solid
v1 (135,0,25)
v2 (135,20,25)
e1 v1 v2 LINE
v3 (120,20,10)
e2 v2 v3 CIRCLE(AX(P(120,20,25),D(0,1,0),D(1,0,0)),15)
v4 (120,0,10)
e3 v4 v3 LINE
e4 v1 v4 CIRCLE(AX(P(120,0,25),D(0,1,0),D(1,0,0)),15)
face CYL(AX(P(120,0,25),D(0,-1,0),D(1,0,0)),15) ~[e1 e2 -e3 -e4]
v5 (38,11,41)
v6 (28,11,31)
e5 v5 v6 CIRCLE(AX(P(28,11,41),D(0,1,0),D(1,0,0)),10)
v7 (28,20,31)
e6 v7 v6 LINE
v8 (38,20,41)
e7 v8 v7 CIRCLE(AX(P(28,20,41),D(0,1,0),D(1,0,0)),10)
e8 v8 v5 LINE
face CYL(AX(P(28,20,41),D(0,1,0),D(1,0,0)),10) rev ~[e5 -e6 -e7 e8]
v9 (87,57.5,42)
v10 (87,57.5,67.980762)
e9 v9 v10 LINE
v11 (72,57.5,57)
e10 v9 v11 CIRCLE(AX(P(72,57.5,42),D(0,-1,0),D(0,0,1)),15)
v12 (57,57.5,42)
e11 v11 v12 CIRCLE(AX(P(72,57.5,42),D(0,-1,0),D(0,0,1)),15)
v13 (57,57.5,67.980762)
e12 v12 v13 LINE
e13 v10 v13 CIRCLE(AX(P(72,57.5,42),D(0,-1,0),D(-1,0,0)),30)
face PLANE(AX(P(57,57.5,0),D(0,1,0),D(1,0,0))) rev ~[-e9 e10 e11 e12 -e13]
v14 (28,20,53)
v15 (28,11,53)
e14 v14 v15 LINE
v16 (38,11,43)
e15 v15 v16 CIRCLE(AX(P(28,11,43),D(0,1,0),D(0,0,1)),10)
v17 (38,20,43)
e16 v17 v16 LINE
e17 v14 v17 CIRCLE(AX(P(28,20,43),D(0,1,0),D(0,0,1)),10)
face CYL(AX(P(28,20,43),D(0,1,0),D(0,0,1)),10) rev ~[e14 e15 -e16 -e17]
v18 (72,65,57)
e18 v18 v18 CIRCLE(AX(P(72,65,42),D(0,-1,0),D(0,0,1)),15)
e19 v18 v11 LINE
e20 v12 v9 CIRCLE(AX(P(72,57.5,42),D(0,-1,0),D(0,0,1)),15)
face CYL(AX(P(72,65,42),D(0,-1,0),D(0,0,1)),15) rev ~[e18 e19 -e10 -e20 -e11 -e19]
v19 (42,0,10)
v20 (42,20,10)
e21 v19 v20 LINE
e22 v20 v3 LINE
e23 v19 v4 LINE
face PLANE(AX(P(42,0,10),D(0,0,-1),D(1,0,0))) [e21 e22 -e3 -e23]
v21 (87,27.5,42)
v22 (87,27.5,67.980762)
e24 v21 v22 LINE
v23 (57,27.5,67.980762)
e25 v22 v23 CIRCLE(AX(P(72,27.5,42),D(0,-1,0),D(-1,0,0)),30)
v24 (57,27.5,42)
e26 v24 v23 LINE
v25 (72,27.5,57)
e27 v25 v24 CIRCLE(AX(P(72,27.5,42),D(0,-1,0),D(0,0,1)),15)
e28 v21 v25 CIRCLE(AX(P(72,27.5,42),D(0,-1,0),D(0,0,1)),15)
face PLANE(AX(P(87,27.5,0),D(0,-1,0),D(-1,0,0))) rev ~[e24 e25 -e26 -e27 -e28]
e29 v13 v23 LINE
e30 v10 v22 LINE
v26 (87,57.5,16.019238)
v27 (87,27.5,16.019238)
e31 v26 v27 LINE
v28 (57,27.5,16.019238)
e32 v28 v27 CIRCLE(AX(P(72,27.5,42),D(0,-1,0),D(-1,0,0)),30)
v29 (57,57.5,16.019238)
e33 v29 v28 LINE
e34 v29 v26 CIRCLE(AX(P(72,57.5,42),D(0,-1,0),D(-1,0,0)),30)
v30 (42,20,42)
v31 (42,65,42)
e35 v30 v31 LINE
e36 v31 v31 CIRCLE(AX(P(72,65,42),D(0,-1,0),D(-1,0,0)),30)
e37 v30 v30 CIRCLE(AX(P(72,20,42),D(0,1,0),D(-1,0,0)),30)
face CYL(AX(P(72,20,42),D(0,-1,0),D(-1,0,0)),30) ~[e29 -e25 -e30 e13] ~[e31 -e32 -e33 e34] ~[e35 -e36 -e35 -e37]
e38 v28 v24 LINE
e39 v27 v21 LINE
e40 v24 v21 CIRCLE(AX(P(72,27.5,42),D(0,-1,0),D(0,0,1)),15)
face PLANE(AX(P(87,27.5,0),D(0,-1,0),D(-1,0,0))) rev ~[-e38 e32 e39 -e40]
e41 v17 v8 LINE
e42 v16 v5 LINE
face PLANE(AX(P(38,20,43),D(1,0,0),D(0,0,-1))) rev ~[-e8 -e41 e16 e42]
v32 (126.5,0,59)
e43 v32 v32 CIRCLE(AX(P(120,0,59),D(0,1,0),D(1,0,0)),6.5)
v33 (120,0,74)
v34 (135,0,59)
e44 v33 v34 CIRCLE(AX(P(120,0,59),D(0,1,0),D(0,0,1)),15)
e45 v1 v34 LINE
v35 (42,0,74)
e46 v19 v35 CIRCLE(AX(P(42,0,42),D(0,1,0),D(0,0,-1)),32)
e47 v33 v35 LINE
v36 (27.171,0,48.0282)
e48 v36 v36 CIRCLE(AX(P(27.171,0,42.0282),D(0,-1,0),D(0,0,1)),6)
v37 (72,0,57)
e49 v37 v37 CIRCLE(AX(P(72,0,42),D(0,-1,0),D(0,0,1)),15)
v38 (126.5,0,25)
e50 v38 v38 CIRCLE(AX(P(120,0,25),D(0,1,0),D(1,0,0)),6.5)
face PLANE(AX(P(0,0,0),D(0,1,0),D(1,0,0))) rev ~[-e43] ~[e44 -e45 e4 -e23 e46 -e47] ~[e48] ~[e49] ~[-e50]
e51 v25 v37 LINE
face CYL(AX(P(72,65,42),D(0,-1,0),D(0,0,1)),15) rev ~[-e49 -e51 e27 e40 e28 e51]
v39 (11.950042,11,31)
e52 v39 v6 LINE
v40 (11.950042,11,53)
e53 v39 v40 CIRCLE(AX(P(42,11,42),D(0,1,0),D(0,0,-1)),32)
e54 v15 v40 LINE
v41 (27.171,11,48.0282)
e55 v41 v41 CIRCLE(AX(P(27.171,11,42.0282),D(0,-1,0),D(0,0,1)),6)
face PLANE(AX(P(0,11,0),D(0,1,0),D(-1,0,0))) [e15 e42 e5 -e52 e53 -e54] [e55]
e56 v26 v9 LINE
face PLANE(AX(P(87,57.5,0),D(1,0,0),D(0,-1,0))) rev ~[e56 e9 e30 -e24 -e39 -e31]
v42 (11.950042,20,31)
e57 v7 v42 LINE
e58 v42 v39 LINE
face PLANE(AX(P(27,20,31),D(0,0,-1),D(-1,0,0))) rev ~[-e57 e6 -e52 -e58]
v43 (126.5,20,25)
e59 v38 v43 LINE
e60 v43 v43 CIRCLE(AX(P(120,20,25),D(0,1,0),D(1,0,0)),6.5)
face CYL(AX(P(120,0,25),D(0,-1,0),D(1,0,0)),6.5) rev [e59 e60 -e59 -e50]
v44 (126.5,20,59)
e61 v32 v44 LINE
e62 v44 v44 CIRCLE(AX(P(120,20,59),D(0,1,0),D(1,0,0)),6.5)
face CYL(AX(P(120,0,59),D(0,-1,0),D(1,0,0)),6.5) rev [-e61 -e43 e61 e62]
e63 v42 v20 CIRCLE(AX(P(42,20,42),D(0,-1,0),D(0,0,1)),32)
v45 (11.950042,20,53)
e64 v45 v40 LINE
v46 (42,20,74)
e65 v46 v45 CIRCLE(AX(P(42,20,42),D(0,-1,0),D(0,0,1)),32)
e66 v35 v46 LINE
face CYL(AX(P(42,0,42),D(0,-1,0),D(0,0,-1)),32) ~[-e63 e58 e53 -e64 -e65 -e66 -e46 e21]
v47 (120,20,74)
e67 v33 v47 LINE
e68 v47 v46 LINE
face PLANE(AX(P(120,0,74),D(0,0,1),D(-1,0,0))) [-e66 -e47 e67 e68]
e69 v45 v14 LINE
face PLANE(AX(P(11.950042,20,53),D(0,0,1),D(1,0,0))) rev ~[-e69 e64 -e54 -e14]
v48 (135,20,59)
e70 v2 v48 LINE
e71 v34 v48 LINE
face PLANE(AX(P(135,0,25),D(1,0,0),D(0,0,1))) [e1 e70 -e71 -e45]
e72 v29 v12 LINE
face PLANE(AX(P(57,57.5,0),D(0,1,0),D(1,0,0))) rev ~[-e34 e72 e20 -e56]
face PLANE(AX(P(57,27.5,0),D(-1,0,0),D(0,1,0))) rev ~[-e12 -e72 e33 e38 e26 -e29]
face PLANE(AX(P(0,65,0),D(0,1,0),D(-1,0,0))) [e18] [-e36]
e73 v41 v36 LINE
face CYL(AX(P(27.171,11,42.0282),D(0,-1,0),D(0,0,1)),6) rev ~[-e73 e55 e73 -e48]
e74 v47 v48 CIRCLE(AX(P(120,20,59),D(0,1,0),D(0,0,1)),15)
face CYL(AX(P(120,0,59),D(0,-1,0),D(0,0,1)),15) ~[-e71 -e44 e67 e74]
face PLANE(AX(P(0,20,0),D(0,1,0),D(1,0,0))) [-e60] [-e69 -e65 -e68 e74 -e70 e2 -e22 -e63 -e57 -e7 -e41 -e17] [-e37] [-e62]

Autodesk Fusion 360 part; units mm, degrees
sketch "Sketch3" plane through (0, 0, 0) normal (0, 1, 0) x (1, 0, 0)
  line L0 (42, -10) -> (120, -10)
  line L1 (135, -25) -> (135, -59)
  line L2 (120, -74) -> (42, -74)
  line L3 (10, -42) -> (10, -42)
  arc A0 (42, -10) -> (10, -42) centre (42, -42) ccw
  arc A1 (10, -42) -> (42, -74) centre (42, -42) ccw
  arc A2 (135, -25) -> (120, -10) centre (120, -25) ccw
  arc A3 (120, -74) -> (135, -59) centre (120, -59) ccw
  circle A4 centre (120, -59) radius 6.5
  circle A5 centre (120, -25) radius 6.5
  point P0 (10, -10)
  point P1 (135, -10)
  point P2 (10, -74)
  dimension "d17" = 125
  dimension "d18" = 64
  dimension "d19" = 32
  dimension "d20" = 32
  dimension "d21" = 15
  dimension "d22" = 15
  dimension "d23" = 13
  dimension "d24" = 13
extrude "Extrude3" add sketch "Sketch3" along normal blind 20
sketch "Sketch4" plane through (0, 20, 0) normal (0, 1, 0) x (-1, 0, 0)
  circle A0 centre (-120, 59) radius 6.5
  circle A1 centre (-120, 25) radius 6.5
  arc A2 (-42, 10) -> (-42, 74) centre (-42, 42) ccw
  line L0 (-42, 74) -> (-120, 74)
  arc A3 (-120, 74) -> (-135, 59) centre (-120, 59) ccw
  line L1 (-135, 59) -> (-135, 25)
  arc A4 (-135, 25) -> (-120, 10) centre (-120, 25) ccw
  line L2 (-120, 10) -> (-42, 10)
  line L3 (-120, 59) -> (-72, 59)
  line L4 (-120, 25) -> (-72, 25)
  line L5 (-72, 59) -> (-72, 25)
  line L6 (-72, 59) -> (-72, 42)
  circle A5 centre (-72, 42) radius 30
  dimension "d27" = 48
  dimension "d28" = 48
  dimension "d29" = 60
extrude "Extrude4" add sketch "Sketch4" along normal blind 45 contours L3 L4 L5 L6 A5 | L3 L4 L5 L6 A5
hole "Hole1" at (72, 65, 42) direction (0, -1, 0) diameter 30 depth 90 tip angle 118
sketch "Sketch5" plane through (0, 0, 74) normal (0, 0, 1) x (1, 0, 0)
  line L0 (42, 0) -> (120, 0)
  line L1 (120, 0) -> (120, 20)
  line L2 (120, 20) -> (42, 20)
  line L3 (42, 20) -> (42, 0)
sketch "Sketch6" plane through (0, 0, 0) normal (0, 0, 1) x (1, 0, 0)
  line L0 (42, 65) -> (72, 65)
  line L1 (42, 65) -> (42, 57.5)
  line L2 (42, 57.5) -> (57, 57.5)
  line L3 (57, 57.5) -> (87, 57.5)
  line L4 (87, 57.5) -> (87, 27.5)
  line L5 (87, 27.5) -> (57, 27.5)
  line L6 (57, 27.5) -> (57, 57.5)
  dimension "d35" = 30
  dimension "d36" = 7.5
  dimension "d37" = 30
  dimension "d38" = 30
extrude "Extrude5" cut sketch "Sketch6" along normal blind 200
sketch "Sketch7" plane through (0, 0, 0) normal (0, 1, 0) x (1, 0, 0)
sketch "Sketch8" plane through (0, 20, 0) normal (0, 1, 0) x (-1, 0, 0)
  circle A0 centre (-72, 42) radius 30
  circle A1 centre (-120, 59) radius 6.5
  circle A2 centre (-120, 25) radius 6.5
  arc A3 (-42, 10) -> (-42, 74) centre (-42, 42) ccw
  line L0 (-42, 74) -> (-120, 74)
  arc A4 (-120, 74) -> (-135, 59) centre (-120, 59) ccw
  line L1 (-135, 59) -> (-135, 25)
  arc A5 (-135, 25) -> (-120, 10) centre (-120, 25) ccw
  line L2 (-120, 10) -> (-42, 10)
  line L3 (-72, 42) -> (-27, 42)
  circle A6 centre (-27, 42) radius 6.5
  dimension "d41" = 45
  dimension "d42" = 13
extrude "Extrude6" cut sketch "Sketch8" against normal blind 9 contours A6
sketch "Sketch9" plane through (0, 20, 0) normal (0, 1, 0) x (-1, 0, 0)
  circle A0 centre (-27, 42) radius 6.5
  circle A1 centre (-72, 42) radius 30
  circle A2 centre (-120, 59) radius 6.5
  circle A3 centre (-120, 25) radius 6.5
  arc A4 (-42, 10) -> (-42, 74) centre (-42, 42) ccw
  line L0 (-42, 74) -> (-120, 74)
  arc A5 (-120, 74) -> (-135, 59) centre (-120, 59) ccw
  line L1 (-135, 59) -> (-135, 25)
  arc A6 (-135, 25) -> (-120, 10) centre (-120, 25) ccw
  line L2 (-120, 10) -> (-42, 10)
  line L3 (-27, 42) -> (-27, 31)
  line L4 (-27, 31) -> (-6.9654, 31)
  line L5 (-6.9654, 31) -> (-6.9654, 50)
  line L6 (-6.9654, 50) -> (-6.9654, 31)
  line L7 (-27, 42) -> (-27, 53)
  line L8 (-27, 53) -> (-28, 53)
  line L9 (-38, 43) -> (-38, 41)
  line L10 (-38, 31) -> (-27, 31)
  line L11 (-27, 31) -> (-27, 53)
  line L12 (-28, 31) -> (-6, 31)
  line L13 (-6, 31) -> (-6, 53)
  line L14 (-6, 53) -> (-38, 53)
  line L15 (-38, 53) -> (-38, 31)
  arc A7 (-38, 41) -> (-28, 31) centre (-28, 41) ccw
  arc A8 (-28, 53) -> (-38, 43) centre (-28, 43) ccw
  point P0 (-38, 53)
  dimension "d45" = 11
  dimension "d46" = 11
  dimension "d47" = 11
  dimension "d48" = 22
  dimension "d49" = 32
  dimension "d50" = 22
  dimension "d51" = 10
  dimension "d52" = 10
extrude "Extrude7" cut sketch "Sketch9" against normal blind 9 contours A0 A4 L3 L4 L7 L11 L12 L14 | A0 L3 L7 L8 L9 L10 L11 L12 L14 L15 A7 A8
hole "Hole2" at (27.171, 11, 42.0282) direction (0, -1, 0) diameter 12 depth 13 tip angle 118
